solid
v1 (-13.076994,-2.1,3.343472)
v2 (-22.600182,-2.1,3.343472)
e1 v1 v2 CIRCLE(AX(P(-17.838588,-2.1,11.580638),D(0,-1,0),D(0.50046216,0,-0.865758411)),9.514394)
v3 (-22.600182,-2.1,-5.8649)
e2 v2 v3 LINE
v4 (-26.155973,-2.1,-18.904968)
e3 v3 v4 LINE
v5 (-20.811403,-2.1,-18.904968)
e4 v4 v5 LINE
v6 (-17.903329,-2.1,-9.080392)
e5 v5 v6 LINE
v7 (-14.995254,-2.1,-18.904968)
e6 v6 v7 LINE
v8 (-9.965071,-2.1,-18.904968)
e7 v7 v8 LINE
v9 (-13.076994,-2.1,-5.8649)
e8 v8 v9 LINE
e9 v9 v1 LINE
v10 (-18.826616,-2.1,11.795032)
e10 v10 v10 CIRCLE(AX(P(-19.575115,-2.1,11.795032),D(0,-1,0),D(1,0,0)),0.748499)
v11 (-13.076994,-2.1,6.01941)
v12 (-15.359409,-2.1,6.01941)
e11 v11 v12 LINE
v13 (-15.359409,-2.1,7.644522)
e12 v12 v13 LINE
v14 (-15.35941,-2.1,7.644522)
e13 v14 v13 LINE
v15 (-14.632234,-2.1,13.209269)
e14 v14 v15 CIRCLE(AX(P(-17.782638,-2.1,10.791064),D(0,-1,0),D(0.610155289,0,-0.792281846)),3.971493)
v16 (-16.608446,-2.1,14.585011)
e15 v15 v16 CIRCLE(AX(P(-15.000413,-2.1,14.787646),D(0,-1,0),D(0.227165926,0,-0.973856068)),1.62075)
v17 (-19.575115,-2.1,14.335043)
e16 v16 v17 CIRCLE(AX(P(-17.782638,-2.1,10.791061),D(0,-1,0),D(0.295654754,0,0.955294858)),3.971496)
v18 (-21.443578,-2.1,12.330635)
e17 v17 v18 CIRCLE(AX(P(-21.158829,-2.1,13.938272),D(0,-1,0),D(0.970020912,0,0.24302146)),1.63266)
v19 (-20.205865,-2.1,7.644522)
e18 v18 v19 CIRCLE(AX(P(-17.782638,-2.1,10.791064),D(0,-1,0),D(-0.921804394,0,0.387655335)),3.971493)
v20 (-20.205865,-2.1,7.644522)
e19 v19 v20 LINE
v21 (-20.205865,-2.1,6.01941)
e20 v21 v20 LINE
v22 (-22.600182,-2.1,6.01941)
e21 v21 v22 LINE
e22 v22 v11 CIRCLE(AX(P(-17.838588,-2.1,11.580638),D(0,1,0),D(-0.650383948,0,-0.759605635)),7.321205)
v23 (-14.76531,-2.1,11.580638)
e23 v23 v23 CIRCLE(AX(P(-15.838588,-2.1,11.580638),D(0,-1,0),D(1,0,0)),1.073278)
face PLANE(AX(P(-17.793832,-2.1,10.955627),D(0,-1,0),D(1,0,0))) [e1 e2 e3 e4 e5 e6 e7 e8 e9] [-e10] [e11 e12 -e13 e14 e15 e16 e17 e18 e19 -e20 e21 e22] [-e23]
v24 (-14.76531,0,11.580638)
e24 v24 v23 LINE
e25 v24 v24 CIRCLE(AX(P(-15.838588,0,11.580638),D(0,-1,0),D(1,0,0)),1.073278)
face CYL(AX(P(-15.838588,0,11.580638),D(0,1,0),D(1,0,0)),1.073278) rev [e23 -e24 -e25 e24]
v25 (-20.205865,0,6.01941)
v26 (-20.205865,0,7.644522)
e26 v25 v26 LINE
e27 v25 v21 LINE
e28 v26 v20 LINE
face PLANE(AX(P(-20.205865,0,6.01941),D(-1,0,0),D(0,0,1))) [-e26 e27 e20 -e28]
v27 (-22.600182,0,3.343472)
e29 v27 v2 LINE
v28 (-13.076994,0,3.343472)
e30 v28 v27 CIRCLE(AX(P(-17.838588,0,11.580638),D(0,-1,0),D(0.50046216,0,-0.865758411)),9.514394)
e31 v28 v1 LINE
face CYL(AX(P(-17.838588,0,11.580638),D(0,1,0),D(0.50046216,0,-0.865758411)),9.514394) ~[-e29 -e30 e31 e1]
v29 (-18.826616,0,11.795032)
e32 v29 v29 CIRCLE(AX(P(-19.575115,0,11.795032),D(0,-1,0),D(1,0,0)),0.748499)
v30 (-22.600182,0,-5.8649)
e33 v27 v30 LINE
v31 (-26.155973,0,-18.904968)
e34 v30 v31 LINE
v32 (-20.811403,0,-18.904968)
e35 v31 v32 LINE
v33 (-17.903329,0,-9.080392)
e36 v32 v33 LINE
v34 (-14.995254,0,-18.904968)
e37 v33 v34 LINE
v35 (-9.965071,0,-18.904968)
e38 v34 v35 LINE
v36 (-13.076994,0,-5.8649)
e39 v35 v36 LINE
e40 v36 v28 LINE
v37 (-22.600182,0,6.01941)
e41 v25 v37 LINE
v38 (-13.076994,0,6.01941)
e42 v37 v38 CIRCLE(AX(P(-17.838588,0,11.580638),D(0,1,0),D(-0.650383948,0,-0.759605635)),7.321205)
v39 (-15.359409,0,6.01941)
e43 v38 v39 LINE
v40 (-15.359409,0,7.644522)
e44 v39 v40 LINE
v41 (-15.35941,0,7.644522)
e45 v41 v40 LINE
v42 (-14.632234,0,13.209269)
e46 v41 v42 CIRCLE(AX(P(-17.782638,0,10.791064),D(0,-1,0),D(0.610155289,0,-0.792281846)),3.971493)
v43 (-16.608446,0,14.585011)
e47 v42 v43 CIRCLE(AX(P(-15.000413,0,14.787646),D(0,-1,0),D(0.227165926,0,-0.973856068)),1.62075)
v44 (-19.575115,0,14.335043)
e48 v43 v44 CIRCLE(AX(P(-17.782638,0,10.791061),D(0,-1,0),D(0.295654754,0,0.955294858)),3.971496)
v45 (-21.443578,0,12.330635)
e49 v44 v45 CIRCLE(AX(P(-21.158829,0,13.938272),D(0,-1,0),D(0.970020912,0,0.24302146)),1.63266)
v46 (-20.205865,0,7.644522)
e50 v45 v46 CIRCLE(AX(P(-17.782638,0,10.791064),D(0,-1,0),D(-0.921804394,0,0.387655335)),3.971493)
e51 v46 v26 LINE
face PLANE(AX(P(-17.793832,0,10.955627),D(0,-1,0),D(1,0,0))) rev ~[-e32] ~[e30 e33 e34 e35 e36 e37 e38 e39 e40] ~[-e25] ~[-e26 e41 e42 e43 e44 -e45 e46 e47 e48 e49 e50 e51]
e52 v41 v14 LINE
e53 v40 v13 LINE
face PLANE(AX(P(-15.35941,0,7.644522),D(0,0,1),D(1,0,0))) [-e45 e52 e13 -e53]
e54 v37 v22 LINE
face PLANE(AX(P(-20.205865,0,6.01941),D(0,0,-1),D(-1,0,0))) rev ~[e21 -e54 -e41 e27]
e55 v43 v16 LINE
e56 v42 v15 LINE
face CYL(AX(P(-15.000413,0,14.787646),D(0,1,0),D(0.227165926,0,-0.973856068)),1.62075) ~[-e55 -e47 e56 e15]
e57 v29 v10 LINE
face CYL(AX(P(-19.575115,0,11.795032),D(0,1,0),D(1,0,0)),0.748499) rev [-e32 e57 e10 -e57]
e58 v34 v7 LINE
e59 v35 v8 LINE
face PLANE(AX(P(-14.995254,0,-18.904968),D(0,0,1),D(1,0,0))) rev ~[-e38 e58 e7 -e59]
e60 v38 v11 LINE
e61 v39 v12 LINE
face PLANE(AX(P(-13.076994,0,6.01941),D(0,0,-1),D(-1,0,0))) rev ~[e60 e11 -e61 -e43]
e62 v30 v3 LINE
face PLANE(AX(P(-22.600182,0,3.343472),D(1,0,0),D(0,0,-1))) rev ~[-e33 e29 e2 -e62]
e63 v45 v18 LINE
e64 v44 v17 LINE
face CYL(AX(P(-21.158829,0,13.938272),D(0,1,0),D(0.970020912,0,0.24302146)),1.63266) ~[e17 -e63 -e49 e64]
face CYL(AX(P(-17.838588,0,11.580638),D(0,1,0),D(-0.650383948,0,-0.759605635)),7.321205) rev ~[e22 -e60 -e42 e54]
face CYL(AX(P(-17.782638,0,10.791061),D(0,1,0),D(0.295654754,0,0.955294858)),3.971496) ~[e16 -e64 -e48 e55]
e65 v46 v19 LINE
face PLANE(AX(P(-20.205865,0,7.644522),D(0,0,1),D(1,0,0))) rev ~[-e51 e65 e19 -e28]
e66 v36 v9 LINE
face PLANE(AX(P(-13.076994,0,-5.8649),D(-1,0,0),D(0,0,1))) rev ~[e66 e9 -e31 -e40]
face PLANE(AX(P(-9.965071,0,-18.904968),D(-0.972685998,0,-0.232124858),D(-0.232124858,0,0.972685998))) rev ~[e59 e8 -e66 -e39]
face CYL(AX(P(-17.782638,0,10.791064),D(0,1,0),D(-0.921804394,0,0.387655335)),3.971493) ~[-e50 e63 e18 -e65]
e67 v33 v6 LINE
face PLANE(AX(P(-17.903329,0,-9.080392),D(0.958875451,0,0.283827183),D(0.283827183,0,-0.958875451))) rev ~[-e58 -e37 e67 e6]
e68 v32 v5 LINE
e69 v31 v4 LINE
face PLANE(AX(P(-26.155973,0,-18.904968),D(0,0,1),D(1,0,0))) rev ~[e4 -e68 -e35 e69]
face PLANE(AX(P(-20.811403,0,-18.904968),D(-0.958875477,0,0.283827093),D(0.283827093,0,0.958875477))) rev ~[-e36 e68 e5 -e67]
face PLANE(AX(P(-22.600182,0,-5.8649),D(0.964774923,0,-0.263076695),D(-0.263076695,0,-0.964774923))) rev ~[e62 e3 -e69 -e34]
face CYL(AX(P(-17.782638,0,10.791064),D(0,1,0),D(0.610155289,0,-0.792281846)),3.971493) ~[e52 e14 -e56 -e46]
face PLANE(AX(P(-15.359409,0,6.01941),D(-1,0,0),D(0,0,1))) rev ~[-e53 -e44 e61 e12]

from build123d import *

# Parameters (mm, degrees)
F0_R     = 0.748499
F0_R_2   = 1.073278
F0_W     = 4.846455
F0_H     = 1.625112
F1_DEPTH = 2.1


with BuildPart() as f1:
    # F0 (on Front) → F1 (new body)
    with BuildSketch(Plane.XZ):
        with BuildLine():
            ThreePointArc((-21.443578, 12.330635), (-21.622454, 9.776879), (-20.205865, 7.644522))
            Line((-20.205865, 7.644522), (-15.35941, 7.644522))
            ThreePointArc((-15.35941, 7.644522), (-13.844625, 10.276462), (-14.632234, 13.209269))
            ThreePointArc((-14.632234, 13.209269), (-15.513563, 14.050521), (-16.608446, 14.585011))
            ThreePointArc((-16.608446, 14.585011), (-18.11609, 14.748534), (-19.575115, 14.335043))
            ThreePointArc((-19.575115, 14.335043), (-20.687694, 13.49909), (-21.443578, 12.330635))
        make_face()
        with Locations((-19.575115, 11.795032)):
            Circle(F0_R, mode=Mode.SUBTRACT)
        with Locations((-15.838588, 11.580638)):
            Circle(F0_R_2, mode=Mode.SUBTRACT)
        Polygon((-15.35941, 6.01941), (-20.205865, 6.01941), (-22.600182, 6.01941), (-22.600182, 3.343472), (-22.600182, -5.8649), (-13.076994, -5.8649), (-13.076994, 3.343472), (-13.076994, 6.01941), align=None)
        with BuildLine():
            Line((-22.600182, 3.343472), (-22.600182, 6.01941))
            ThreePointArc((-22.600182, 6.01941), (-17.838588, 18.901843), (-13.076994, 6.01941))
            Line((-13.076994, 6.01941), (-13.076994, 3.343472))
            ThreePointArc((-13.076994, 3.343472), (-17.838588, 21.095032), (-22.600182, 3.343472))
        make_face()
        Polygon((-13.076994, -5.8649), (-22.600182, -5.8649), (-26.155973, -18.904968), (-20.811403, -18.904968), (-17.903329, -9.080392), (-14.995254, -18.904968), (-9.965071, -18.904968), align=None)
        with Locations((-17.782637, 6.831966)):
            Rectangle(F0_W, F0_H)
        with BuildLine():
            ThreePointArc((-19.575115, 14.335043), (-22.353082, 15.051527), (-21.443578, 12.330635))
            ThreePointArc((-21.443578, 12.330635), (-20.687694, 13.49909), (-19.575115, 14.335043))
        make_face()
        with BuildLine():
            ThreePointArc((-16.608446, 14.585011), (-15.513563, 14.050521), (-14.632234, 13.209269))
            ThreePointArc((-14.632234, 13.209269), (-14.074413, 16.117817), (-16.608446, 14.585011))
        make_face()
    extrude(amount=F1_DEPTH)


solid = f1.part
